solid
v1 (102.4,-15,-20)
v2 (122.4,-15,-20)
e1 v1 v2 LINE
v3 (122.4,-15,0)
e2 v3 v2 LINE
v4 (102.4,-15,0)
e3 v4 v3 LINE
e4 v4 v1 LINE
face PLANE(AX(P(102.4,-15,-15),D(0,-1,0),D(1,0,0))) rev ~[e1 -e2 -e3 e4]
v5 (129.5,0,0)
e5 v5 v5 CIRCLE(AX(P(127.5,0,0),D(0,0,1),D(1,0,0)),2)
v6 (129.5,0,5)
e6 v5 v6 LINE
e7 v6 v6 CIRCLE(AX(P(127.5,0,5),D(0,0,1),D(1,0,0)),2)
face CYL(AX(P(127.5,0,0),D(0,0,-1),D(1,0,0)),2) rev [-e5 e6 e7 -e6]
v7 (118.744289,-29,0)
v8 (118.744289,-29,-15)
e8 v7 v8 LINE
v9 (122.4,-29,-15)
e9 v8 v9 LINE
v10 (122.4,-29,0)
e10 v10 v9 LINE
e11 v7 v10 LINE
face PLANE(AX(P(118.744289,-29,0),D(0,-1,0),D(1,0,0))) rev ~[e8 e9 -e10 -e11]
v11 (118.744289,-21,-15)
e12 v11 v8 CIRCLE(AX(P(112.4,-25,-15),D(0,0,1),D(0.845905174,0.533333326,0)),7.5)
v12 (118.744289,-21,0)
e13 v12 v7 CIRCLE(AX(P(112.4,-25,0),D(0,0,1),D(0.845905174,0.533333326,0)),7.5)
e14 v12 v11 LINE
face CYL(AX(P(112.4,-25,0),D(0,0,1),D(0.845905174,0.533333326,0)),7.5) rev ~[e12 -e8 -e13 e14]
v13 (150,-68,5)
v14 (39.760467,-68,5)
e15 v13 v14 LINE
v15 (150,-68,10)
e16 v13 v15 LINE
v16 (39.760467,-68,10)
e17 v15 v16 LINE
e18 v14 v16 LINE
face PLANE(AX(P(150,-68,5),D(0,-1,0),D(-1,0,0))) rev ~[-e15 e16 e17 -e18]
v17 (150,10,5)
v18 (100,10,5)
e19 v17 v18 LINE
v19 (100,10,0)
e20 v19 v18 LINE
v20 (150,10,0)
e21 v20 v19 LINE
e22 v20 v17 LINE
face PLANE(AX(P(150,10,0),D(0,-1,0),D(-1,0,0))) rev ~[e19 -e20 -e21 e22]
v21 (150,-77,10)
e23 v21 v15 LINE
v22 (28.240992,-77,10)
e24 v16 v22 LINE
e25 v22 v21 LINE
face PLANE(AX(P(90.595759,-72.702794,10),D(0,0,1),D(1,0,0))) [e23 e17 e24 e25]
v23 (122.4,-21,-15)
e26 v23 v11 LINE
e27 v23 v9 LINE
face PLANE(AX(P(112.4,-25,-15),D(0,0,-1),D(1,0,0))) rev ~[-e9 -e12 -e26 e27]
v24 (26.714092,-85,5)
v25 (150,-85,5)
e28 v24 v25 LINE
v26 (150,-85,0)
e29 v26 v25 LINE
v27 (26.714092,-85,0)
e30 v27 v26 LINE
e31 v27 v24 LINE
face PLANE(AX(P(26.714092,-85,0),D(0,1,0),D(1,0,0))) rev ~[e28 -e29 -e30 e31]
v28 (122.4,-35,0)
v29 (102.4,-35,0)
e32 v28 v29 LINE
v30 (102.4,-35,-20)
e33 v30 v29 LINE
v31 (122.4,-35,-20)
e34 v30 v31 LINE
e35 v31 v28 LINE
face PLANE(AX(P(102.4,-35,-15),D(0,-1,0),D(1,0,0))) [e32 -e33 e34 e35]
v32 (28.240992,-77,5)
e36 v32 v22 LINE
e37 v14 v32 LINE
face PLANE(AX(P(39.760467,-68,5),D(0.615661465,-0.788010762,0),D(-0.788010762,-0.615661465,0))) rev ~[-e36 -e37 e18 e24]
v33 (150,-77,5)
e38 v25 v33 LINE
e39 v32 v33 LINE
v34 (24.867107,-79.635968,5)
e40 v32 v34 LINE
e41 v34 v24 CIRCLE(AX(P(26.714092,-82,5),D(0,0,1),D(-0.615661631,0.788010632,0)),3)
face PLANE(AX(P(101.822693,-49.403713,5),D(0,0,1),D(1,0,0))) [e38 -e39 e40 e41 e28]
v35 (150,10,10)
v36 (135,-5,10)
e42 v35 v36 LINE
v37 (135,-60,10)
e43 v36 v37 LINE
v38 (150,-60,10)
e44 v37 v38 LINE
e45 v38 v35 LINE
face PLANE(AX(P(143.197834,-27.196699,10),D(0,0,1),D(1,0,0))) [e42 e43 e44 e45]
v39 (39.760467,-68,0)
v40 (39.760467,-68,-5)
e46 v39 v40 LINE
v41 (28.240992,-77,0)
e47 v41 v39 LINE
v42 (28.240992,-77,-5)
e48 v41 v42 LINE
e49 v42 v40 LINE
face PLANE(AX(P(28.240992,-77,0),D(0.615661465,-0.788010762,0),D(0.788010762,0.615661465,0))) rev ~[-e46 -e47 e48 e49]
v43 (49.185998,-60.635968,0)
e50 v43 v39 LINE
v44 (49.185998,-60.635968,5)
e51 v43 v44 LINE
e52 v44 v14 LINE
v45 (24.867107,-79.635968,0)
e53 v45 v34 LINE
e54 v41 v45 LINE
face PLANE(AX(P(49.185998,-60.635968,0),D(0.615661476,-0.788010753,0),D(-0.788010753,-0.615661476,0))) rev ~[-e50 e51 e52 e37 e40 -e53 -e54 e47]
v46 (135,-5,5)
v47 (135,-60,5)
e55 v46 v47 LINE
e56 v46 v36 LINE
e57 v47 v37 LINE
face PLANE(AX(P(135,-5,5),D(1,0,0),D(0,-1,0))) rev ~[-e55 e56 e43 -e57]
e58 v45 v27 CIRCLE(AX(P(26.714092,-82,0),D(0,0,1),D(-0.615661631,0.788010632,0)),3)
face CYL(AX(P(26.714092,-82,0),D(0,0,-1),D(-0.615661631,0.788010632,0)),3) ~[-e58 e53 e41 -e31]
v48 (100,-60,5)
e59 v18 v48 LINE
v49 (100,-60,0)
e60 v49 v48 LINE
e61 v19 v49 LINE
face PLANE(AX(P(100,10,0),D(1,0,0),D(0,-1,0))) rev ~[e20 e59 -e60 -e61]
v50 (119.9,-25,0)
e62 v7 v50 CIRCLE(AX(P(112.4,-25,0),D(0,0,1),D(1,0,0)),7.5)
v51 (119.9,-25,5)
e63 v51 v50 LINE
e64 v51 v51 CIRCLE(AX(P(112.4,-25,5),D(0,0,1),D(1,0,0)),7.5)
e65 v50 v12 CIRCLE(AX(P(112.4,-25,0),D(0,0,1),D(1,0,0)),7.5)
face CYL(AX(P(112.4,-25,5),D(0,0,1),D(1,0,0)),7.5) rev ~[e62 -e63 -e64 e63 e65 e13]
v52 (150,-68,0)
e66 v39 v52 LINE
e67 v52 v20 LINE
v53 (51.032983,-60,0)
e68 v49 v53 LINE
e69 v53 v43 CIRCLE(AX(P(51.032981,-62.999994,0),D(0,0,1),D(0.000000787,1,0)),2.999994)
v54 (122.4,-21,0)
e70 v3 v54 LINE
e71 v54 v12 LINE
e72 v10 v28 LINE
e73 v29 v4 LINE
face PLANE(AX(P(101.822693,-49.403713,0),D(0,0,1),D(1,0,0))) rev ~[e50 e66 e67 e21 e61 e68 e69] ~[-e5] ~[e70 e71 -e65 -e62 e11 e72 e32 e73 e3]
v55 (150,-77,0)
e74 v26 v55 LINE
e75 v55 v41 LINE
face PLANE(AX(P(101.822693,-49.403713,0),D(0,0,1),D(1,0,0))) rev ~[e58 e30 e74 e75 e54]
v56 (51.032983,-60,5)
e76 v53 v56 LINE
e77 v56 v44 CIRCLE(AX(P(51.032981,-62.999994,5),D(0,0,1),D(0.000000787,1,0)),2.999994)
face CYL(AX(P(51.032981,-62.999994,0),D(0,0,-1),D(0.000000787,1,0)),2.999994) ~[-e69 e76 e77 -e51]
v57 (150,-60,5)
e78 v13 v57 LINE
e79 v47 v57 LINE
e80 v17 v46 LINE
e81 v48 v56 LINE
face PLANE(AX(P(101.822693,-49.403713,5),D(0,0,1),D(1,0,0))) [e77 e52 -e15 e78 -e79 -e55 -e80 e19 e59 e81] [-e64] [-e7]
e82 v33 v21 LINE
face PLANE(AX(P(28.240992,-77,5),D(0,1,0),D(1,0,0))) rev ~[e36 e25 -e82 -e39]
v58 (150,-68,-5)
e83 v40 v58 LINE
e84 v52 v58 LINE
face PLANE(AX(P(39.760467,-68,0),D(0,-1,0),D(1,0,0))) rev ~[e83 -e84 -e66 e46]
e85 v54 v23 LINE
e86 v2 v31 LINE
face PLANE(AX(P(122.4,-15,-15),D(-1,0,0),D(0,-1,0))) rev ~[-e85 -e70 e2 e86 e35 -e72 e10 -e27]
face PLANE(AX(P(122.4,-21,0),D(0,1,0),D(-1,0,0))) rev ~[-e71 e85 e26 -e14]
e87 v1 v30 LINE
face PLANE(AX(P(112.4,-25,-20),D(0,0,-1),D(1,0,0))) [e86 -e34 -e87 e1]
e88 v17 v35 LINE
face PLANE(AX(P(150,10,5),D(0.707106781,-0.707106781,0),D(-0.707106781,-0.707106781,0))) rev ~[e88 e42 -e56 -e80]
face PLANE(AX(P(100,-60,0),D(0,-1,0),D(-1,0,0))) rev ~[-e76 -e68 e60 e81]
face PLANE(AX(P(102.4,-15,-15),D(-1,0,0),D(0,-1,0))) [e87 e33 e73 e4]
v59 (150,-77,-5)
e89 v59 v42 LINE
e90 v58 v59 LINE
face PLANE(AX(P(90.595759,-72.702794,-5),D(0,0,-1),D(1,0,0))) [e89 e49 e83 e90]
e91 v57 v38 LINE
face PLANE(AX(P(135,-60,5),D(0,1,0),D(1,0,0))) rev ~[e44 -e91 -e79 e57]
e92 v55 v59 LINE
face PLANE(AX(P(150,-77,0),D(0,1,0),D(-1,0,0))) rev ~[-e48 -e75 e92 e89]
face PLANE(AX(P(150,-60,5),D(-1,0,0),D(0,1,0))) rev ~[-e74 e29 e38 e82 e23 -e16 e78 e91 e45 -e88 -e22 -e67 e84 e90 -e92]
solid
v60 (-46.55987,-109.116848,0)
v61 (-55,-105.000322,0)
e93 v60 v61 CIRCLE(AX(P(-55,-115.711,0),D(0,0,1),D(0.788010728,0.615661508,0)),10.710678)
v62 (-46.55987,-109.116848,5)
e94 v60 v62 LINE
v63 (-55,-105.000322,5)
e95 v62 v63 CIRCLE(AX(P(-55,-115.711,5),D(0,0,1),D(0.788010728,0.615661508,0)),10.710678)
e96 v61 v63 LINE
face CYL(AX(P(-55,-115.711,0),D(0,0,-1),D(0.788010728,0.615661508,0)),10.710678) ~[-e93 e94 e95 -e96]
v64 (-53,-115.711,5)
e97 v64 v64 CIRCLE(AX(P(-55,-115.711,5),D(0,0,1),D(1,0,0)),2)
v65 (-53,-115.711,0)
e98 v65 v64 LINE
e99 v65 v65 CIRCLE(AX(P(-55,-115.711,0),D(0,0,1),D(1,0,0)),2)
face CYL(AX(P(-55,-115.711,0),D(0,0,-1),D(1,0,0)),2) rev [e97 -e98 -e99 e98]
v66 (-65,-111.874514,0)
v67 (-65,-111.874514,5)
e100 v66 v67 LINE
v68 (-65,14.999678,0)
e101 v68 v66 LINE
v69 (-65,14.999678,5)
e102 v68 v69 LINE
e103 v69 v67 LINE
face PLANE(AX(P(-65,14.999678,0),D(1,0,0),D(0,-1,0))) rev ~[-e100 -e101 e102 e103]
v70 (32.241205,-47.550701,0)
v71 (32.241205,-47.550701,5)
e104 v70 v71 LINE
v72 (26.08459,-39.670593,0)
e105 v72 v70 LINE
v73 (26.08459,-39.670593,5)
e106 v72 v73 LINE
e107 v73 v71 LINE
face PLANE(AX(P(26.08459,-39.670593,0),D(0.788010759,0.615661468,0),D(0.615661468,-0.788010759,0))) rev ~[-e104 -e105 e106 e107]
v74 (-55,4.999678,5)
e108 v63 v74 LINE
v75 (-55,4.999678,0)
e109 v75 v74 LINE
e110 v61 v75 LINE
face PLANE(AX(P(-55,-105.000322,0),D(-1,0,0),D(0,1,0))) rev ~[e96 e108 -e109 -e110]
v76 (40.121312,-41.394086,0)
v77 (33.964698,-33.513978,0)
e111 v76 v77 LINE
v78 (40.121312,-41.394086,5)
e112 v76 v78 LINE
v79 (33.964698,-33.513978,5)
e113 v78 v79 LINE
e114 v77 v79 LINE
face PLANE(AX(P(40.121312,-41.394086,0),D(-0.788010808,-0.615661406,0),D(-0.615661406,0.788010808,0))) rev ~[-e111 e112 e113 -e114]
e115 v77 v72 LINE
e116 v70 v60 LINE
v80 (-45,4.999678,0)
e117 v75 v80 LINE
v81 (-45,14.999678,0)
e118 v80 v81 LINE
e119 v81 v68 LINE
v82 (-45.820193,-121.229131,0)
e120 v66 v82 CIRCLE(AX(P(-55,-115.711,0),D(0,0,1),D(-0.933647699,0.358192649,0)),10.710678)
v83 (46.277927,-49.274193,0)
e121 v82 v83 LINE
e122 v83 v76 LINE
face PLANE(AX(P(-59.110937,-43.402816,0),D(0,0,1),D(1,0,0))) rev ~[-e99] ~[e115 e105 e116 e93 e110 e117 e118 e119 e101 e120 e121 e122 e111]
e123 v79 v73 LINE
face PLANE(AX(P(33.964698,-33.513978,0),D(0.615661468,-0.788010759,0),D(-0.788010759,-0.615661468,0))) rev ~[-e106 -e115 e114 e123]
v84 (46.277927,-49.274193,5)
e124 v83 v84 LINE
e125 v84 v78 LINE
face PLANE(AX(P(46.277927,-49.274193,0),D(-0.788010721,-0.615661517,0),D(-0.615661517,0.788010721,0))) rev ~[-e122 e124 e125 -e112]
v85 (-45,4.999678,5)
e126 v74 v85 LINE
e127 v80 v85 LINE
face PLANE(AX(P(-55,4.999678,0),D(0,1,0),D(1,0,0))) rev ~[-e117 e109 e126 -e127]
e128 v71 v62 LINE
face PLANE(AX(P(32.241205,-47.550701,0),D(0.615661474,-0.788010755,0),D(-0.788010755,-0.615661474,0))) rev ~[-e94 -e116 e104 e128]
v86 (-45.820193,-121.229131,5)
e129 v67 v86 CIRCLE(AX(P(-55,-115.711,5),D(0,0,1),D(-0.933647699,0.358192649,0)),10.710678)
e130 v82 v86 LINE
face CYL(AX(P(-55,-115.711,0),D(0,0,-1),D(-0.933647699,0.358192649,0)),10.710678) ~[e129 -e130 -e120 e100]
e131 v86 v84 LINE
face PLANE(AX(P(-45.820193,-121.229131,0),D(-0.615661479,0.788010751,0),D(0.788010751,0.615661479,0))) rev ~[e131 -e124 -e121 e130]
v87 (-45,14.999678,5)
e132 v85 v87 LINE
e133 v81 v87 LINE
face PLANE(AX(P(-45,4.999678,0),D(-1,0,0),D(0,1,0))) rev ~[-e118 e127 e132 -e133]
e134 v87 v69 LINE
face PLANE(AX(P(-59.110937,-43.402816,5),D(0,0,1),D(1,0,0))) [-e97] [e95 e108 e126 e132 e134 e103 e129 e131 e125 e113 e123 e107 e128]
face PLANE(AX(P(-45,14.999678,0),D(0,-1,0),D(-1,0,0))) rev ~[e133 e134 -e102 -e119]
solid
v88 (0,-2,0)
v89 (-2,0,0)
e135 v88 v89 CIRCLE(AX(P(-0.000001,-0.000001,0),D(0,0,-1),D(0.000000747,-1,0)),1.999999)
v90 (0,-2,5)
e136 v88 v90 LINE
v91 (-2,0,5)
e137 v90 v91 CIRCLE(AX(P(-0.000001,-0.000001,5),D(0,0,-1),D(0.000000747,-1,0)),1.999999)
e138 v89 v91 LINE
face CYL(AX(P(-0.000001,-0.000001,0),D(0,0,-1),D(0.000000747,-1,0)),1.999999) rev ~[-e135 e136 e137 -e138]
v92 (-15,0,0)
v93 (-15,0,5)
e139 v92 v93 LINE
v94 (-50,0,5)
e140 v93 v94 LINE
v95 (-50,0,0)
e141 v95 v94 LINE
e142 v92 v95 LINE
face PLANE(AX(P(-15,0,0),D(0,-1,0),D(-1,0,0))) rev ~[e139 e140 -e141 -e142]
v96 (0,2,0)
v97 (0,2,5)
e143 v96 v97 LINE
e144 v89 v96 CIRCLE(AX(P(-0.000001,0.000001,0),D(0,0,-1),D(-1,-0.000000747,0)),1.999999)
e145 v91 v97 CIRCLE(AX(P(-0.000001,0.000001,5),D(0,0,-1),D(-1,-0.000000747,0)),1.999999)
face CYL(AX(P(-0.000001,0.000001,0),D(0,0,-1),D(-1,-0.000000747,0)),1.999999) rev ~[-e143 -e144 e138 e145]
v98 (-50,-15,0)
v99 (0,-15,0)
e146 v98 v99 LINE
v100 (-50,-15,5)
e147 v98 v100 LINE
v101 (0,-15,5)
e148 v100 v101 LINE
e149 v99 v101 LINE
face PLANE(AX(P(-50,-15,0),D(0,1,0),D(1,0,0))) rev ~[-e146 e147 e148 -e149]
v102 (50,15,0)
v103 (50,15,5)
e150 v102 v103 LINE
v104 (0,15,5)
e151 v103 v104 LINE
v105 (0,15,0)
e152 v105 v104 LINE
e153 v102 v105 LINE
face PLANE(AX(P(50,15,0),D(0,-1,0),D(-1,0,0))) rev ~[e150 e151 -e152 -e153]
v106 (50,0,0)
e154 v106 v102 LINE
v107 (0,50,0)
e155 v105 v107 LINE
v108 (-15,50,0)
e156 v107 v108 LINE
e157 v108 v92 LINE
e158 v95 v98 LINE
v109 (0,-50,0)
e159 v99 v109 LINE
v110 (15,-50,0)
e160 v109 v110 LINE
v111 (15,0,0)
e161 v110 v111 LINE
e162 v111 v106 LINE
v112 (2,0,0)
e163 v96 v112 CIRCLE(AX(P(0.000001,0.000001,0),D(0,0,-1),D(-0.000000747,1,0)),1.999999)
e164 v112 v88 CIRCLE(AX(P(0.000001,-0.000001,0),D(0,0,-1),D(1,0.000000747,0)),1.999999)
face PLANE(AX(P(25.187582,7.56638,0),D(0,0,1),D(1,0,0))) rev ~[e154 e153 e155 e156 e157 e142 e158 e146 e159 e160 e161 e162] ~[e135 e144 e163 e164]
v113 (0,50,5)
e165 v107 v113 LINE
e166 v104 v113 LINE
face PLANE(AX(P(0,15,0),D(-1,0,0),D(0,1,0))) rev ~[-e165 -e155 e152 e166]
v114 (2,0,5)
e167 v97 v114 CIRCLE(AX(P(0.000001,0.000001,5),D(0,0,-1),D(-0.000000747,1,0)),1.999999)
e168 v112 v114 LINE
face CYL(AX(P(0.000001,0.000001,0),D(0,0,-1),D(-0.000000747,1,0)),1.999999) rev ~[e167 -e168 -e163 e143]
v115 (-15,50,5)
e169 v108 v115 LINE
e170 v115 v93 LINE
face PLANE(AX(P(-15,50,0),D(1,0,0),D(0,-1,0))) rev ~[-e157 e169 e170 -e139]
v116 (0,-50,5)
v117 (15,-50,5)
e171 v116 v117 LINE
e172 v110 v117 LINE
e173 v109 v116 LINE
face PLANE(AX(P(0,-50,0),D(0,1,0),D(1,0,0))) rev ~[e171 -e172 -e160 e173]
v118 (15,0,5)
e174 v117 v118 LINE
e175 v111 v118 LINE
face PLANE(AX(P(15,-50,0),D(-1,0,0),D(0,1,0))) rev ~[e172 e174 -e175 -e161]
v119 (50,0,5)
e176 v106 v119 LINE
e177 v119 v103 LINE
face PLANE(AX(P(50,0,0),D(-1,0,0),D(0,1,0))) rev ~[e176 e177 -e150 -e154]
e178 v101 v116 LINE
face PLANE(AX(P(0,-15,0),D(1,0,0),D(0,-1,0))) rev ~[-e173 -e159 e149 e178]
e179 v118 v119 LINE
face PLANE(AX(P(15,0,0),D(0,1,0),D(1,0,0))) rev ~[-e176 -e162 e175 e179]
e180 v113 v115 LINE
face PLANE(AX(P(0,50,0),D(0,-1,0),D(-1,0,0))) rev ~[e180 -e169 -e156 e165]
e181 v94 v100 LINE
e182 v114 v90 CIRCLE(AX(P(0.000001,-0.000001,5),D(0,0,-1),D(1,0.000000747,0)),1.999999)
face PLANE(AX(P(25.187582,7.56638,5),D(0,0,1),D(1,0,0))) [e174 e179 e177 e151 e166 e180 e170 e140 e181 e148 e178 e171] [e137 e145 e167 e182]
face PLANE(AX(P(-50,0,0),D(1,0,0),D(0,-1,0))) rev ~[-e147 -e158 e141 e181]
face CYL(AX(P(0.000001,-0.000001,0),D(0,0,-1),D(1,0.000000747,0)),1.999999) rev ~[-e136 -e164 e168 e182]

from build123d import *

# Parameters (mm, degrees)
F1_DEPTH  = 5
F3_R      = 2
F4_DEPTH  = 5
F6_DEPTH  = 5
F7_R      = 7.5
F8_DEPTH  = 5.001
F10_DEPTH = 5
F12_DEPTH = 5
F2_R      = 2
F13_DEPTH = 5
F15_DEPTH = 15
F16_W     = 20
F16_H     = 20
F17_DEPTH = 5


with BuildPart() as f1:
    # F0 (on Top) → F1 (new body)
    with BuildSketch(Plane.XY):
        with BuildLine():
            ThreePointArc((0, 2), (1.414214, 1.414214), (2, 0))
            Line((2, 0), (15, 0))
            Line((15, 0), (50, 0))
            Line((50, 0), (50, 15))
            Line((50, 15), (0, 15))
            Line((0, 15), (0, 2))
        make_face()
        with BuildLine():
            Line((15, 0), (2, 0))
            ThreePointArc((2, 0), (1.414214, -1.414214), (0, -2))
            Line((0, -2), (0, -15))
            Line((0, -15), (0, -50))
            Line((0, -50), (15, -50))
            Line((15, -50), (15, 0))
        make_face()
        with BuildLine():
            Line((0, -15), (0, -2))
            ThreePointArc((0, -2), (-1.414214, -1.414214), (-2, 0))
            Line((-2, 0), (-15, 0))
            Line((-15, 0), (-50, 0))
            Line((-50, 0), (-50, -15))
            Line((-50, -15), (0, -15))
        make_face()
        with BuildLine():
            Line((-15, 0), (-2, 0))
            ThreePointArc((-2, 0), (-1.414214, 1.414214), (0, 2))
            Line((0, 2), (0, 15))
            Line((0, 15), (0, 50))
            Line((0, 50), (-15, 50))
            Line((-15, 50), (-15, 0))
        make_face()
    extrude(amount=F1_DEPTH)


with BuildPart() as f4:
    # F3 (on Top) → F4 (new body)
    with BuildSketch(Plane.XY):
        with BuildLine():
            Line((150, 10), (100, 10))
            Line((100, 10), (100, -60))
            Line((100, -60), (51.032983, -60))
            ThreePointArc((51.032983, -60), (50.056278, -60.163444), (49.185998, -60.635968))
            Line((49.185998, -60.635968), (24.867107, -79.635968))
            ThreePointArc((24.867107, -79.635968), (23.877536, -82.976704), (26.714092, -85))
            Line((26.714092, -85), (150, -85))
            Line((150, -85), (150, 10))
        make_face()
        with Locations((127.5, 0)):
            Circle(F3_R, mode=Mode.SUBTRACT)
    extrude(amount=F4_DEPTH)

    # F5 (on face) → F6 (join)
    with BuildSketch(Plane.XY.offset(5)):
        Polygon((150, -60), (150, 10), (135, -5), (135, -60), align=None)
    extrude(amount=F6_DEPTH)

    # F7 (on face) → F8 (cut, through all)
    with BuildSketch(Plane.XY.offset(5)):
        with Locations((112.4, -25)):
            Circle(F7_R)
    extrude(amount=-F8_DEPTH, mode=Mode.SUBTRACT)

    # F9 (on face) → F10 (join)
    with BuildSketch(Plane.XY.offset(5)):
        Polygon((28.240992, -77), (150, -77), (150, -68), (39.760467, -68), align=None)
    extrude(amount=F10_DEPTH)

    # F11 (on face) → F12 (join)
    with BuildSketch(Plane(origin=(0, 0, 0), x_dir=(1, 0, 0), z_dir=(0, 0, -1))):
        Polygon((150, 68), (150, 77), (28.240992, 77), (39.760467, 68), align=None)
    extrude(amount=F12_DEPTH)

    # F14 (on face) → F15 (join)
    with BuildSketch(Plane(origin=(0, 0, 0), x_dir=(1, 0, 0), z_dir=(0, 0, -1))):
        with BuildLine():
            Line((102.4, 35), (102.4, 15))
            Line((102.4, 15), (122.4, 15))
            Line((122.4, 15), (122.4, 21))
            Line((122.4, 21), (118.744289, 21))
            ThreePointArc((118.744289, 21), (104.9, 25), (118.744289, 29))
            Line((118.744289, 29), (122.4, 29))
            Line((122.4, 29), (122.4, 35))
            Line((122.4, 35), (102.4, 35))
        make_face()
    extrude(amount=F15_DEPTH)

    # F16 (on face) → F17 (join)
    with BuildSketch(Plane(origin=(0, 0, -15), x_dir=(1, 0, 0), z_dir=(0, 0, -1))):
        with Locations((112.4, 25)):
            Rectangle(F16_W, F16_H)
    extrude(amount=F17_DEPTH)


with BuildPart() as f13:
    # F2 (on Top) → F13 (new body)
    with BuildSketch(Plane.XY):
        with BuildLine():
            Line((-55, -105.000322), (-55, 4.999678))
            Line((-55, 4.999678), (-45, 4.999678))
            Line((-45, 4.999678), (-45, 14.999678))
            Line((-45, 14.999678), (-65, 14.999678))
            Line((-65, 14.999678), (-65, -111.874514))
            ThreePointArc((-65, -111.874514), (-61.067424, -106.884619), (-55, -105.000322))
        make_face()
        with BuildLine():
            ThreePointArc((-46.55987, -109.116848), (-50.304748, -106.084306), (-55, -105.000322))
            ThreePointArc((-55, -105.000322), (-61.067424, -106.884619), (-65, -111.874514))
            ThreePointArc((-65, -111.874514), (-59.695252, -125.337694), (-45.820193, -121.229131))
            ThreePointArc((-45.820193, -121.229131), (-44.679133, -118.574273), (-44.289322, -115.711))
            ThreePointArc((-44.289322, -115.711), (-44.872855, -112.223944), (-46.55987, -109.116848))
        make_face()
        with Locations((-55, -115.711)):
            Circle(F2_R, mode=Mode.SUBTRACT)
        with BuildLine():
            Line((32.241205, -47.550701), (-46.55987, -109.116848))
            ThreePointArc((-46.55987, -109.116848), (-44.872855, -112.223944), (-44.289322, -115.711))
            ThreePointArc((-44.289322, -115.711), (-44.679133, -118.574273), (-45.820193, -121.229131))
            Line((-45.820193, -121.229131), (46.277927, -49.274193))
            Line((46.277927, -49.274193), (40.121312, -41.394086))
            Line((40.121312, -41.394086), (33.964698, -33.513978))
            Line((33.964698, -33.513978), (26.08459, -39.670593))
            Line((26.08459, -39.670593), (32.241205, -47.550701))
        make_face()
    extrude(amount=F13_DEPTH)


solid = Compound([f1.part, f4.part, f13.part])
